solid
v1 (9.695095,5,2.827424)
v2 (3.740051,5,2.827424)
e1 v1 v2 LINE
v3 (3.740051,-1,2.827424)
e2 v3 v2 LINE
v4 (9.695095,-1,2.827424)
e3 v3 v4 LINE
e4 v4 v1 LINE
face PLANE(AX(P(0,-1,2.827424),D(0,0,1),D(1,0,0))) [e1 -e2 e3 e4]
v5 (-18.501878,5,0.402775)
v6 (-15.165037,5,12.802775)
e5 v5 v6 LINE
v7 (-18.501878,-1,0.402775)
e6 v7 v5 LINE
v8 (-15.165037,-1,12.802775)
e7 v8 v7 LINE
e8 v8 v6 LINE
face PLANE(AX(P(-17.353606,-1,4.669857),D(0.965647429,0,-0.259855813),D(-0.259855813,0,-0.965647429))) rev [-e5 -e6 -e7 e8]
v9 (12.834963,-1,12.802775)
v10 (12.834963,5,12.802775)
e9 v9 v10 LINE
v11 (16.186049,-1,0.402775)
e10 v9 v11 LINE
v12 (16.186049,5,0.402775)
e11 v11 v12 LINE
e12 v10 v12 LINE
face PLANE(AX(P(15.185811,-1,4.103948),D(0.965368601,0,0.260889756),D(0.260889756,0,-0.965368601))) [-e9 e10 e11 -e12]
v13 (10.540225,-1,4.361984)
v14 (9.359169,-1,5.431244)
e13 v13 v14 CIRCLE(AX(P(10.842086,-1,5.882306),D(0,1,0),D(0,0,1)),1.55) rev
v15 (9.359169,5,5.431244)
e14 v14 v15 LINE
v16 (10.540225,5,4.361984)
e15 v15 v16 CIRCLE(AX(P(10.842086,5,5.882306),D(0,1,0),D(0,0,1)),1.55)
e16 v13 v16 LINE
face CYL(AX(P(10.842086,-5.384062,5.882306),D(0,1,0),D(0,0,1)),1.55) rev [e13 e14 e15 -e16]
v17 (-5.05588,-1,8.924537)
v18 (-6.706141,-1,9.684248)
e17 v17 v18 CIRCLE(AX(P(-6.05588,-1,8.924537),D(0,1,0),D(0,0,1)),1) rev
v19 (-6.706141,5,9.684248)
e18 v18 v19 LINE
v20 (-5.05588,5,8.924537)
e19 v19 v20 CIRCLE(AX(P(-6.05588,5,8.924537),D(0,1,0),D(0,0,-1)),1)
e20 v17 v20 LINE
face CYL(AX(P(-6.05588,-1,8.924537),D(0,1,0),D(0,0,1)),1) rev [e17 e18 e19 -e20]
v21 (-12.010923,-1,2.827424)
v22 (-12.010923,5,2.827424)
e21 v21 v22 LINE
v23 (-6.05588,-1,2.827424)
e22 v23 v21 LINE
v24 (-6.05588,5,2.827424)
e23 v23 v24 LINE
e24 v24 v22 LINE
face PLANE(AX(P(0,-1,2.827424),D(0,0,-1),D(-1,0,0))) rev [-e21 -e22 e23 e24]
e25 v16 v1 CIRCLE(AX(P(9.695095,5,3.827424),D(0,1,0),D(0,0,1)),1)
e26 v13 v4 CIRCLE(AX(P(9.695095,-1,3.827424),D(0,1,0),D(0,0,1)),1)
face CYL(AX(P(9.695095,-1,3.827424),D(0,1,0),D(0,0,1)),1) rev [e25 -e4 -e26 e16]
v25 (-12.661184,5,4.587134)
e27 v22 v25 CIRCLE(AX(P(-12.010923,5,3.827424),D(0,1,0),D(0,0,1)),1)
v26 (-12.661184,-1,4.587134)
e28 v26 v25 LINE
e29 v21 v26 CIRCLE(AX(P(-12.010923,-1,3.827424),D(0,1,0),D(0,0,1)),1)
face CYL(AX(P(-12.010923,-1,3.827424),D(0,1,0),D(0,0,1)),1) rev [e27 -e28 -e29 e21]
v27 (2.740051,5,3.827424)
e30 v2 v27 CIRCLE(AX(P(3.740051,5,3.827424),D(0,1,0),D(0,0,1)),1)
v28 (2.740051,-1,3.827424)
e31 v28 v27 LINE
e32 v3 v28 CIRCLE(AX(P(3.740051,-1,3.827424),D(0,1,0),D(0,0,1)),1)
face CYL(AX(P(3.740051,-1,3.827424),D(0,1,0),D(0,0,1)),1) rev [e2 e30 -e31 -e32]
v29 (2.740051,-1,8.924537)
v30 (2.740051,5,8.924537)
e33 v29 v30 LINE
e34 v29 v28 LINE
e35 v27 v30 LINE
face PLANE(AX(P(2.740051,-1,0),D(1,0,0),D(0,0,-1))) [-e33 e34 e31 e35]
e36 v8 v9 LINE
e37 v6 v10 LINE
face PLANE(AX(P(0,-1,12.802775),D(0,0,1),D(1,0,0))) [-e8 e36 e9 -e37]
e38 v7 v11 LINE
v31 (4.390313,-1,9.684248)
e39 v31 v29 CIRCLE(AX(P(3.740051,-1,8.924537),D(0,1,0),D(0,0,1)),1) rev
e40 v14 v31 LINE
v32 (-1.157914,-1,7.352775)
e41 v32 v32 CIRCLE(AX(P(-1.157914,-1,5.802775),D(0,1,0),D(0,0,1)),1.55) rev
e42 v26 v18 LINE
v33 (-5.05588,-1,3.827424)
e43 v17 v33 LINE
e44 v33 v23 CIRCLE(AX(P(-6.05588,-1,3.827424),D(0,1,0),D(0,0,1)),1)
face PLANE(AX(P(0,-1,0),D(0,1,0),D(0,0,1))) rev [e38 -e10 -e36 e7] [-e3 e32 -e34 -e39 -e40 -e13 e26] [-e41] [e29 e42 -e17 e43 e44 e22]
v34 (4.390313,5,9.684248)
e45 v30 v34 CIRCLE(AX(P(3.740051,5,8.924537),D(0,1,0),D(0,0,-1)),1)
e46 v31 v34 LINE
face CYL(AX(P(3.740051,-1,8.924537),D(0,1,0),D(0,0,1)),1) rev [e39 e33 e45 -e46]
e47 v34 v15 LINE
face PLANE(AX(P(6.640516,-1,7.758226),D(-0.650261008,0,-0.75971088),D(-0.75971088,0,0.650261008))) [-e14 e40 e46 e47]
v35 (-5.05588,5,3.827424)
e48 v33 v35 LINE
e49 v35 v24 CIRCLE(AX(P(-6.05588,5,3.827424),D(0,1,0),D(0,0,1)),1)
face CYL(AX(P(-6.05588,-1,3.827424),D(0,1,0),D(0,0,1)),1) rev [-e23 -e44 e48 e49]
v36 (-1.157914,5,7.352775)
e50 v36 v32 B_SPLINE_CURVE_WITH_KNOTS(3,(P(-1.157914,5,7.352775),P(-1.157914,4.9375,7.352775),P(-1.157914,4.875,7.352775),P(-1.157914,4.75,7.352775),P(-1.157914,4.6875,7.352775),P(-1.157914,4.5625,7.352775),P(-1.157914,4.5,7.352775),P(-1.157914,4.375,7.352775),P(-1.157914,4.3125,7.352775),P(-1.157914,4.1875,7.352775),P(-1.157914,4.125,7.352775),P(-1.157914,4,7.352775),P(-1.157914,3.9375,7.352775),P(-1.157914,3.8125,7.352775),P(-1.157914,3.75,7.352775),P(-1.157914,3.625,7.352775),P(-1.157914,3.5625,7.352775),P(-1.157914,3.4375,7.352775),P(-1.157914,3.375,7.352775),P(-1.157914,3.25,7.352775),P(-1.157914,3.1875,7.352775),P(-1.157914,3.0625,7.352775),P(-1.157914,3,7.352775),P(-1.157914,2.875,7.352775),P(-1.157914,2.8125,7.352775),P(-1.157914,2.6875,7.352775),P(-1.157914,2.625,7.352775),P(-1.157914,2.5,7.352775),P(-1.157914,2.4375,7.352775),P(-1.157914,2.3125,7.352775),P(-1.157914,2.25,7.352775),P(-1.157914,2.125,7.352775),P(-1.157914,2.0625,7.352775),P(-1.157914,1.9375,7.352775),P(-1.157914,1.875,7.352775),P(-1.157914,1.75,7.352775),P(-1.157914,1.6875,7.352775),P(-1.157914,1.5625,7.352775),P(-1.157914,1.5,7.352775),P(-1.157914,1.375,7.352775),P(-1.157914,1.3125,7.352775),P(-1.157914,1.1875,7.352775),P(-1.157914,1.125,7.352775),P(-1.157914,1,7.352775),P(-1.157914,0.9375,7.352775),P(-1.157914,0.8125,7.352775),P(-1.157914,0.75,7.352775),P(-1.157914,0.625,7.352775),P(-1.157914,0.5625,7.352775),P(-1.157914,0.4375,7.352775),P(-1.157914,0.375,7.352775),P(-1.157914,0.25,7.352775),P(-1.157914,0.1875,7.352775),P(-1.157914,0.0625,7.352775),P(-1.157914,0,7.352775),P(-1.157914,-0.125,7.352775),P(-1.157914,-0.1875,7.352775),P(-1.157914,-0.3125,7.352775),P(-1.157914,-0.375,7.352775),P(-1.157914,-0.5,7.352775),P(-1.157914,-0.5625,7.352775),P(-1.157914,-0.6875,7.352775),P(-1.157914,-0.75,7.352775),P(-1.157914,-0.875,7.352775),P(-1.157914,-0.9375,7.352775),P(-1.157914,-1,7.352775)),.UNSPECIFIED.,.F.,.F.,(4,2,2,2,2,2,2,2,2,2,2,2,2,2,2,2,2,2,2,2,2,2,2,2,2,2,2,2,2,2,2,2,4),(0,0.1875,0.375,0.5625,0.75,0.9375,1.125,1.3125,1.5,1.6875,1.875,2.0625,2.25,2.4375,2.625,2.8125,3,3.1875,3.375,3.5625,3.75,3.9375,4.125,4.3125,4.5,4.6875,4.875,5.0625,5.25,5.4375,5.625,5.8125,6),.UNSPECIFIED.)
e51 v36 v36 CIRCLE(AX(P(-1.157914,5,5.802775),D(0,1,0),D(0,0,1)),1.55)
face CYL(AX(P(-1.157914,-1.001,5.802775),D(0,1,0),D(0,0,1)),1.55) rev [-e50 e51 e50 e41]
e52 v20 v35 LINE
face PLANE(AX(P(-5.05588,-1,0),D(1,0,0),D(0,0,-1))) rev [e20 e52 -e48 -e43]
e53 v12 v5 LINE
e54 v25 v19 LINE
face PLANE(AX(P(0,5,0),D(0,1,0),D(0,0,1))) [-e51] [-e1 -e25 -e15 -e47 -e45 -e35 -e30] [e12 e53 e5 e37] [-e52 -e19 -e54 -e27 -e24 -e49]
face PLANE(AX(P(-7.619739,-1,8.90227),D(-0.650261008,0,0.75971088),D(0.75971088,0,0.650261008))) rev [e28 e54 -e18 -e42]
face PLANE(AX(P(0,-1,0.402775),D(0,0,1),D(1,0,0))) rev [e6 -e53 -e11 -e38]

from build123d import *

# Parameters (mm, degrees)
EXTRUDE_1_DEPTH     = 1
EXTRUDE_START       = 5
EXTRUDE_2_DEPTH     = 5
CUT_EXTRUDE_1_REACH = 25.286
SKETCH_2_R          = 1.55
SKETCH_3_R          = 1.55
CUT_EXTRUDE_2_DEPTH = 6


with BuildPart() as part:
    # 草图1 → 凸台-拉伸1 (new body)
    with BuildSketch(Plane(origin=(0, 0, 0), x_dir=(1, 0, 0), z_dir=(0, 1, 0))):
        Polygon((-0.862647581, -12.802774991), (12.834963402, -12.802774991), (16.186049163, -0.402774991), (-18.501877746, -0.402774991), (-15.165036598, -12.802774991), align=None)
        with BuildLine():
            Line((-5.055880083, -8.924536815), (-5.055880083, -3.827423548))
            ThreePointArc((-5.055880083, -3.827423548), (-5.348773301, -3.120316767), (-6.055880083, -2.827423548))
            Line((-6.055880083, -2.827423548), (-12.010923306, -2.827423548))
            ThreePointArc((-12.010923306, -2.827423548), (-12.948929404, -3.480804795), (-12.661184313, -4.587134428))
            Line((-12.661184313, -4.587134428), (-6.70614109, -9.684247695))
            ThreePointArc((-6.70614109, -9.684247695), (-5.63770608, -9.832903758), (-5.055880083, -8.924536815))
        make_face(mode=Mode.SUBTRACT)
        with BuildLine():
            Line((10.34535573, -4.587134428), (4.390312507, -9.684247695))
            ThreePointArc((4.390312507, -9.684247695), (3.321877497, -9.832903758), (2.740051499, -8.924536815))
            Line((2.740051499, -8.924536815), (2.740051499, -3.827423548))
            ThreePointArc((2.740051499, -3.827423548), (3.032944718, -3.120316767), (3.740051499, -2.827423548))
            Line((3.740051499, -2.827423548), (9.695094722, -2.827423548))
            ThreePointArc((9.695094722, -2.827423548), (10.63310082, -3.480804795), (10.34535573, -4.587134428))
        make_face(mode=Mode.SUBTRACT)
    extrude(amount=-EXTRUDE_1_DEPTH)

    # 草图1<8> → 凸台-拉伸2 (add)
    with BuildSketch(Plane(origin=(0, 0, 0), x_dir=(1, 0, 0), z_dir=(0, 1, 0)).offset(EXTRUDE_START)):
        Polygon((-0.862647581, -12.802774991), (12.834963402, -12.802774991), (16.186049163, -0.402774991), (-18.501877746, -0.402774991), (-15.165036598, -12.802774991), align=None)
        with BuildLine():
            Line((-5.055880083, -8.924536815), (-5.055880083, -3.827423548))
            ThreePointArc((-5.055880083, -3.827423548), (-5.348773301, -3.120316767), (-6.055880083, -2.827423548))
            Line((-6.055880083, -2.827423548), (-12.010923306, -2.827423548))
            ThreePointArc((-12.010923306, -2.827423548), (-12.948929404, -3.480804795), (-12.661184313, -4.587134428))
            Line((-12.661184313, -4.587134428), (-6.70614109, -9.684247695))
            ThreePointArc((-6.70614109, -9.684247695), (-5.63770608, -9.832903758), (-5.055880083, -8.924536815))
        make_face(mode=Mode.SUBTRACT)
        with BuildLine():
            Line((10.34535573, -4.587134428), (4.390312507, -9.684247695))
            ThreePointArc((4.390312507, -9.684247695), (3.321877497, -9.832903758), (2.740051499, -8.924536815))
            Line((2.740051499, -8.924536815), (2.740051499, -3.827423548))
            ThreePointArc((2.740051499, -3.827423548), (3.032944718, -3.120316767), (3.740051499, -2.827423548))
            Line((3.740051499, -2.827423548), (9.695094722, -2.827423548))
            ThreePointArc((9.695094722, -2.827423548), (10.63310082, -3.480804795), (10.34535573, -4.587134428))
        make_face(mode=Mode.SUBTRACT)
    extrude(amount=-EXTRUDE_2_DEPTH)

    # 草图2 → 切除-拉伸1 (cut, up to next)
    with BuildSketch(Plane(origin=(0, 5, 0), x_dir=(1, 0, 0), z_dir=(0, 1, 0)), mode=Mode.PRIVATE) as cut_extrude_1_sk1:
        with Locations(Location((-1.157914292, -5.802774991, 0), (0, 0, 270))):
            Circle(SKETCH_2_R)
    cut_extrude_1_tool1 = extrude(cut_extrude_1_sk1.sketch, amount=-CUT_EXTRUDE_1_REACH, mode=Mode.PRIVATE) & part.part
    add(cut_extrude_1_tool1.solids().sort_by_distance((-1.157914, 5, 5.802775))[0], mode=Mode.SUBTRACT)

    # 草图3 → 切除-拉伸2 (cut)
    with BuildSketch(Plane(origin=(0, 5, 0), x_dir=(1, 0, 0), z_dir=(0, 1, 0))):
        with Locations((10.842085708, -5.882306345)):
            Circle(SKETCH_3_R)
    extrude(amount=-CUT_EXTRUDE_2_DEPTH, mode=Mode.SUBTRACT)


solid = part.part
